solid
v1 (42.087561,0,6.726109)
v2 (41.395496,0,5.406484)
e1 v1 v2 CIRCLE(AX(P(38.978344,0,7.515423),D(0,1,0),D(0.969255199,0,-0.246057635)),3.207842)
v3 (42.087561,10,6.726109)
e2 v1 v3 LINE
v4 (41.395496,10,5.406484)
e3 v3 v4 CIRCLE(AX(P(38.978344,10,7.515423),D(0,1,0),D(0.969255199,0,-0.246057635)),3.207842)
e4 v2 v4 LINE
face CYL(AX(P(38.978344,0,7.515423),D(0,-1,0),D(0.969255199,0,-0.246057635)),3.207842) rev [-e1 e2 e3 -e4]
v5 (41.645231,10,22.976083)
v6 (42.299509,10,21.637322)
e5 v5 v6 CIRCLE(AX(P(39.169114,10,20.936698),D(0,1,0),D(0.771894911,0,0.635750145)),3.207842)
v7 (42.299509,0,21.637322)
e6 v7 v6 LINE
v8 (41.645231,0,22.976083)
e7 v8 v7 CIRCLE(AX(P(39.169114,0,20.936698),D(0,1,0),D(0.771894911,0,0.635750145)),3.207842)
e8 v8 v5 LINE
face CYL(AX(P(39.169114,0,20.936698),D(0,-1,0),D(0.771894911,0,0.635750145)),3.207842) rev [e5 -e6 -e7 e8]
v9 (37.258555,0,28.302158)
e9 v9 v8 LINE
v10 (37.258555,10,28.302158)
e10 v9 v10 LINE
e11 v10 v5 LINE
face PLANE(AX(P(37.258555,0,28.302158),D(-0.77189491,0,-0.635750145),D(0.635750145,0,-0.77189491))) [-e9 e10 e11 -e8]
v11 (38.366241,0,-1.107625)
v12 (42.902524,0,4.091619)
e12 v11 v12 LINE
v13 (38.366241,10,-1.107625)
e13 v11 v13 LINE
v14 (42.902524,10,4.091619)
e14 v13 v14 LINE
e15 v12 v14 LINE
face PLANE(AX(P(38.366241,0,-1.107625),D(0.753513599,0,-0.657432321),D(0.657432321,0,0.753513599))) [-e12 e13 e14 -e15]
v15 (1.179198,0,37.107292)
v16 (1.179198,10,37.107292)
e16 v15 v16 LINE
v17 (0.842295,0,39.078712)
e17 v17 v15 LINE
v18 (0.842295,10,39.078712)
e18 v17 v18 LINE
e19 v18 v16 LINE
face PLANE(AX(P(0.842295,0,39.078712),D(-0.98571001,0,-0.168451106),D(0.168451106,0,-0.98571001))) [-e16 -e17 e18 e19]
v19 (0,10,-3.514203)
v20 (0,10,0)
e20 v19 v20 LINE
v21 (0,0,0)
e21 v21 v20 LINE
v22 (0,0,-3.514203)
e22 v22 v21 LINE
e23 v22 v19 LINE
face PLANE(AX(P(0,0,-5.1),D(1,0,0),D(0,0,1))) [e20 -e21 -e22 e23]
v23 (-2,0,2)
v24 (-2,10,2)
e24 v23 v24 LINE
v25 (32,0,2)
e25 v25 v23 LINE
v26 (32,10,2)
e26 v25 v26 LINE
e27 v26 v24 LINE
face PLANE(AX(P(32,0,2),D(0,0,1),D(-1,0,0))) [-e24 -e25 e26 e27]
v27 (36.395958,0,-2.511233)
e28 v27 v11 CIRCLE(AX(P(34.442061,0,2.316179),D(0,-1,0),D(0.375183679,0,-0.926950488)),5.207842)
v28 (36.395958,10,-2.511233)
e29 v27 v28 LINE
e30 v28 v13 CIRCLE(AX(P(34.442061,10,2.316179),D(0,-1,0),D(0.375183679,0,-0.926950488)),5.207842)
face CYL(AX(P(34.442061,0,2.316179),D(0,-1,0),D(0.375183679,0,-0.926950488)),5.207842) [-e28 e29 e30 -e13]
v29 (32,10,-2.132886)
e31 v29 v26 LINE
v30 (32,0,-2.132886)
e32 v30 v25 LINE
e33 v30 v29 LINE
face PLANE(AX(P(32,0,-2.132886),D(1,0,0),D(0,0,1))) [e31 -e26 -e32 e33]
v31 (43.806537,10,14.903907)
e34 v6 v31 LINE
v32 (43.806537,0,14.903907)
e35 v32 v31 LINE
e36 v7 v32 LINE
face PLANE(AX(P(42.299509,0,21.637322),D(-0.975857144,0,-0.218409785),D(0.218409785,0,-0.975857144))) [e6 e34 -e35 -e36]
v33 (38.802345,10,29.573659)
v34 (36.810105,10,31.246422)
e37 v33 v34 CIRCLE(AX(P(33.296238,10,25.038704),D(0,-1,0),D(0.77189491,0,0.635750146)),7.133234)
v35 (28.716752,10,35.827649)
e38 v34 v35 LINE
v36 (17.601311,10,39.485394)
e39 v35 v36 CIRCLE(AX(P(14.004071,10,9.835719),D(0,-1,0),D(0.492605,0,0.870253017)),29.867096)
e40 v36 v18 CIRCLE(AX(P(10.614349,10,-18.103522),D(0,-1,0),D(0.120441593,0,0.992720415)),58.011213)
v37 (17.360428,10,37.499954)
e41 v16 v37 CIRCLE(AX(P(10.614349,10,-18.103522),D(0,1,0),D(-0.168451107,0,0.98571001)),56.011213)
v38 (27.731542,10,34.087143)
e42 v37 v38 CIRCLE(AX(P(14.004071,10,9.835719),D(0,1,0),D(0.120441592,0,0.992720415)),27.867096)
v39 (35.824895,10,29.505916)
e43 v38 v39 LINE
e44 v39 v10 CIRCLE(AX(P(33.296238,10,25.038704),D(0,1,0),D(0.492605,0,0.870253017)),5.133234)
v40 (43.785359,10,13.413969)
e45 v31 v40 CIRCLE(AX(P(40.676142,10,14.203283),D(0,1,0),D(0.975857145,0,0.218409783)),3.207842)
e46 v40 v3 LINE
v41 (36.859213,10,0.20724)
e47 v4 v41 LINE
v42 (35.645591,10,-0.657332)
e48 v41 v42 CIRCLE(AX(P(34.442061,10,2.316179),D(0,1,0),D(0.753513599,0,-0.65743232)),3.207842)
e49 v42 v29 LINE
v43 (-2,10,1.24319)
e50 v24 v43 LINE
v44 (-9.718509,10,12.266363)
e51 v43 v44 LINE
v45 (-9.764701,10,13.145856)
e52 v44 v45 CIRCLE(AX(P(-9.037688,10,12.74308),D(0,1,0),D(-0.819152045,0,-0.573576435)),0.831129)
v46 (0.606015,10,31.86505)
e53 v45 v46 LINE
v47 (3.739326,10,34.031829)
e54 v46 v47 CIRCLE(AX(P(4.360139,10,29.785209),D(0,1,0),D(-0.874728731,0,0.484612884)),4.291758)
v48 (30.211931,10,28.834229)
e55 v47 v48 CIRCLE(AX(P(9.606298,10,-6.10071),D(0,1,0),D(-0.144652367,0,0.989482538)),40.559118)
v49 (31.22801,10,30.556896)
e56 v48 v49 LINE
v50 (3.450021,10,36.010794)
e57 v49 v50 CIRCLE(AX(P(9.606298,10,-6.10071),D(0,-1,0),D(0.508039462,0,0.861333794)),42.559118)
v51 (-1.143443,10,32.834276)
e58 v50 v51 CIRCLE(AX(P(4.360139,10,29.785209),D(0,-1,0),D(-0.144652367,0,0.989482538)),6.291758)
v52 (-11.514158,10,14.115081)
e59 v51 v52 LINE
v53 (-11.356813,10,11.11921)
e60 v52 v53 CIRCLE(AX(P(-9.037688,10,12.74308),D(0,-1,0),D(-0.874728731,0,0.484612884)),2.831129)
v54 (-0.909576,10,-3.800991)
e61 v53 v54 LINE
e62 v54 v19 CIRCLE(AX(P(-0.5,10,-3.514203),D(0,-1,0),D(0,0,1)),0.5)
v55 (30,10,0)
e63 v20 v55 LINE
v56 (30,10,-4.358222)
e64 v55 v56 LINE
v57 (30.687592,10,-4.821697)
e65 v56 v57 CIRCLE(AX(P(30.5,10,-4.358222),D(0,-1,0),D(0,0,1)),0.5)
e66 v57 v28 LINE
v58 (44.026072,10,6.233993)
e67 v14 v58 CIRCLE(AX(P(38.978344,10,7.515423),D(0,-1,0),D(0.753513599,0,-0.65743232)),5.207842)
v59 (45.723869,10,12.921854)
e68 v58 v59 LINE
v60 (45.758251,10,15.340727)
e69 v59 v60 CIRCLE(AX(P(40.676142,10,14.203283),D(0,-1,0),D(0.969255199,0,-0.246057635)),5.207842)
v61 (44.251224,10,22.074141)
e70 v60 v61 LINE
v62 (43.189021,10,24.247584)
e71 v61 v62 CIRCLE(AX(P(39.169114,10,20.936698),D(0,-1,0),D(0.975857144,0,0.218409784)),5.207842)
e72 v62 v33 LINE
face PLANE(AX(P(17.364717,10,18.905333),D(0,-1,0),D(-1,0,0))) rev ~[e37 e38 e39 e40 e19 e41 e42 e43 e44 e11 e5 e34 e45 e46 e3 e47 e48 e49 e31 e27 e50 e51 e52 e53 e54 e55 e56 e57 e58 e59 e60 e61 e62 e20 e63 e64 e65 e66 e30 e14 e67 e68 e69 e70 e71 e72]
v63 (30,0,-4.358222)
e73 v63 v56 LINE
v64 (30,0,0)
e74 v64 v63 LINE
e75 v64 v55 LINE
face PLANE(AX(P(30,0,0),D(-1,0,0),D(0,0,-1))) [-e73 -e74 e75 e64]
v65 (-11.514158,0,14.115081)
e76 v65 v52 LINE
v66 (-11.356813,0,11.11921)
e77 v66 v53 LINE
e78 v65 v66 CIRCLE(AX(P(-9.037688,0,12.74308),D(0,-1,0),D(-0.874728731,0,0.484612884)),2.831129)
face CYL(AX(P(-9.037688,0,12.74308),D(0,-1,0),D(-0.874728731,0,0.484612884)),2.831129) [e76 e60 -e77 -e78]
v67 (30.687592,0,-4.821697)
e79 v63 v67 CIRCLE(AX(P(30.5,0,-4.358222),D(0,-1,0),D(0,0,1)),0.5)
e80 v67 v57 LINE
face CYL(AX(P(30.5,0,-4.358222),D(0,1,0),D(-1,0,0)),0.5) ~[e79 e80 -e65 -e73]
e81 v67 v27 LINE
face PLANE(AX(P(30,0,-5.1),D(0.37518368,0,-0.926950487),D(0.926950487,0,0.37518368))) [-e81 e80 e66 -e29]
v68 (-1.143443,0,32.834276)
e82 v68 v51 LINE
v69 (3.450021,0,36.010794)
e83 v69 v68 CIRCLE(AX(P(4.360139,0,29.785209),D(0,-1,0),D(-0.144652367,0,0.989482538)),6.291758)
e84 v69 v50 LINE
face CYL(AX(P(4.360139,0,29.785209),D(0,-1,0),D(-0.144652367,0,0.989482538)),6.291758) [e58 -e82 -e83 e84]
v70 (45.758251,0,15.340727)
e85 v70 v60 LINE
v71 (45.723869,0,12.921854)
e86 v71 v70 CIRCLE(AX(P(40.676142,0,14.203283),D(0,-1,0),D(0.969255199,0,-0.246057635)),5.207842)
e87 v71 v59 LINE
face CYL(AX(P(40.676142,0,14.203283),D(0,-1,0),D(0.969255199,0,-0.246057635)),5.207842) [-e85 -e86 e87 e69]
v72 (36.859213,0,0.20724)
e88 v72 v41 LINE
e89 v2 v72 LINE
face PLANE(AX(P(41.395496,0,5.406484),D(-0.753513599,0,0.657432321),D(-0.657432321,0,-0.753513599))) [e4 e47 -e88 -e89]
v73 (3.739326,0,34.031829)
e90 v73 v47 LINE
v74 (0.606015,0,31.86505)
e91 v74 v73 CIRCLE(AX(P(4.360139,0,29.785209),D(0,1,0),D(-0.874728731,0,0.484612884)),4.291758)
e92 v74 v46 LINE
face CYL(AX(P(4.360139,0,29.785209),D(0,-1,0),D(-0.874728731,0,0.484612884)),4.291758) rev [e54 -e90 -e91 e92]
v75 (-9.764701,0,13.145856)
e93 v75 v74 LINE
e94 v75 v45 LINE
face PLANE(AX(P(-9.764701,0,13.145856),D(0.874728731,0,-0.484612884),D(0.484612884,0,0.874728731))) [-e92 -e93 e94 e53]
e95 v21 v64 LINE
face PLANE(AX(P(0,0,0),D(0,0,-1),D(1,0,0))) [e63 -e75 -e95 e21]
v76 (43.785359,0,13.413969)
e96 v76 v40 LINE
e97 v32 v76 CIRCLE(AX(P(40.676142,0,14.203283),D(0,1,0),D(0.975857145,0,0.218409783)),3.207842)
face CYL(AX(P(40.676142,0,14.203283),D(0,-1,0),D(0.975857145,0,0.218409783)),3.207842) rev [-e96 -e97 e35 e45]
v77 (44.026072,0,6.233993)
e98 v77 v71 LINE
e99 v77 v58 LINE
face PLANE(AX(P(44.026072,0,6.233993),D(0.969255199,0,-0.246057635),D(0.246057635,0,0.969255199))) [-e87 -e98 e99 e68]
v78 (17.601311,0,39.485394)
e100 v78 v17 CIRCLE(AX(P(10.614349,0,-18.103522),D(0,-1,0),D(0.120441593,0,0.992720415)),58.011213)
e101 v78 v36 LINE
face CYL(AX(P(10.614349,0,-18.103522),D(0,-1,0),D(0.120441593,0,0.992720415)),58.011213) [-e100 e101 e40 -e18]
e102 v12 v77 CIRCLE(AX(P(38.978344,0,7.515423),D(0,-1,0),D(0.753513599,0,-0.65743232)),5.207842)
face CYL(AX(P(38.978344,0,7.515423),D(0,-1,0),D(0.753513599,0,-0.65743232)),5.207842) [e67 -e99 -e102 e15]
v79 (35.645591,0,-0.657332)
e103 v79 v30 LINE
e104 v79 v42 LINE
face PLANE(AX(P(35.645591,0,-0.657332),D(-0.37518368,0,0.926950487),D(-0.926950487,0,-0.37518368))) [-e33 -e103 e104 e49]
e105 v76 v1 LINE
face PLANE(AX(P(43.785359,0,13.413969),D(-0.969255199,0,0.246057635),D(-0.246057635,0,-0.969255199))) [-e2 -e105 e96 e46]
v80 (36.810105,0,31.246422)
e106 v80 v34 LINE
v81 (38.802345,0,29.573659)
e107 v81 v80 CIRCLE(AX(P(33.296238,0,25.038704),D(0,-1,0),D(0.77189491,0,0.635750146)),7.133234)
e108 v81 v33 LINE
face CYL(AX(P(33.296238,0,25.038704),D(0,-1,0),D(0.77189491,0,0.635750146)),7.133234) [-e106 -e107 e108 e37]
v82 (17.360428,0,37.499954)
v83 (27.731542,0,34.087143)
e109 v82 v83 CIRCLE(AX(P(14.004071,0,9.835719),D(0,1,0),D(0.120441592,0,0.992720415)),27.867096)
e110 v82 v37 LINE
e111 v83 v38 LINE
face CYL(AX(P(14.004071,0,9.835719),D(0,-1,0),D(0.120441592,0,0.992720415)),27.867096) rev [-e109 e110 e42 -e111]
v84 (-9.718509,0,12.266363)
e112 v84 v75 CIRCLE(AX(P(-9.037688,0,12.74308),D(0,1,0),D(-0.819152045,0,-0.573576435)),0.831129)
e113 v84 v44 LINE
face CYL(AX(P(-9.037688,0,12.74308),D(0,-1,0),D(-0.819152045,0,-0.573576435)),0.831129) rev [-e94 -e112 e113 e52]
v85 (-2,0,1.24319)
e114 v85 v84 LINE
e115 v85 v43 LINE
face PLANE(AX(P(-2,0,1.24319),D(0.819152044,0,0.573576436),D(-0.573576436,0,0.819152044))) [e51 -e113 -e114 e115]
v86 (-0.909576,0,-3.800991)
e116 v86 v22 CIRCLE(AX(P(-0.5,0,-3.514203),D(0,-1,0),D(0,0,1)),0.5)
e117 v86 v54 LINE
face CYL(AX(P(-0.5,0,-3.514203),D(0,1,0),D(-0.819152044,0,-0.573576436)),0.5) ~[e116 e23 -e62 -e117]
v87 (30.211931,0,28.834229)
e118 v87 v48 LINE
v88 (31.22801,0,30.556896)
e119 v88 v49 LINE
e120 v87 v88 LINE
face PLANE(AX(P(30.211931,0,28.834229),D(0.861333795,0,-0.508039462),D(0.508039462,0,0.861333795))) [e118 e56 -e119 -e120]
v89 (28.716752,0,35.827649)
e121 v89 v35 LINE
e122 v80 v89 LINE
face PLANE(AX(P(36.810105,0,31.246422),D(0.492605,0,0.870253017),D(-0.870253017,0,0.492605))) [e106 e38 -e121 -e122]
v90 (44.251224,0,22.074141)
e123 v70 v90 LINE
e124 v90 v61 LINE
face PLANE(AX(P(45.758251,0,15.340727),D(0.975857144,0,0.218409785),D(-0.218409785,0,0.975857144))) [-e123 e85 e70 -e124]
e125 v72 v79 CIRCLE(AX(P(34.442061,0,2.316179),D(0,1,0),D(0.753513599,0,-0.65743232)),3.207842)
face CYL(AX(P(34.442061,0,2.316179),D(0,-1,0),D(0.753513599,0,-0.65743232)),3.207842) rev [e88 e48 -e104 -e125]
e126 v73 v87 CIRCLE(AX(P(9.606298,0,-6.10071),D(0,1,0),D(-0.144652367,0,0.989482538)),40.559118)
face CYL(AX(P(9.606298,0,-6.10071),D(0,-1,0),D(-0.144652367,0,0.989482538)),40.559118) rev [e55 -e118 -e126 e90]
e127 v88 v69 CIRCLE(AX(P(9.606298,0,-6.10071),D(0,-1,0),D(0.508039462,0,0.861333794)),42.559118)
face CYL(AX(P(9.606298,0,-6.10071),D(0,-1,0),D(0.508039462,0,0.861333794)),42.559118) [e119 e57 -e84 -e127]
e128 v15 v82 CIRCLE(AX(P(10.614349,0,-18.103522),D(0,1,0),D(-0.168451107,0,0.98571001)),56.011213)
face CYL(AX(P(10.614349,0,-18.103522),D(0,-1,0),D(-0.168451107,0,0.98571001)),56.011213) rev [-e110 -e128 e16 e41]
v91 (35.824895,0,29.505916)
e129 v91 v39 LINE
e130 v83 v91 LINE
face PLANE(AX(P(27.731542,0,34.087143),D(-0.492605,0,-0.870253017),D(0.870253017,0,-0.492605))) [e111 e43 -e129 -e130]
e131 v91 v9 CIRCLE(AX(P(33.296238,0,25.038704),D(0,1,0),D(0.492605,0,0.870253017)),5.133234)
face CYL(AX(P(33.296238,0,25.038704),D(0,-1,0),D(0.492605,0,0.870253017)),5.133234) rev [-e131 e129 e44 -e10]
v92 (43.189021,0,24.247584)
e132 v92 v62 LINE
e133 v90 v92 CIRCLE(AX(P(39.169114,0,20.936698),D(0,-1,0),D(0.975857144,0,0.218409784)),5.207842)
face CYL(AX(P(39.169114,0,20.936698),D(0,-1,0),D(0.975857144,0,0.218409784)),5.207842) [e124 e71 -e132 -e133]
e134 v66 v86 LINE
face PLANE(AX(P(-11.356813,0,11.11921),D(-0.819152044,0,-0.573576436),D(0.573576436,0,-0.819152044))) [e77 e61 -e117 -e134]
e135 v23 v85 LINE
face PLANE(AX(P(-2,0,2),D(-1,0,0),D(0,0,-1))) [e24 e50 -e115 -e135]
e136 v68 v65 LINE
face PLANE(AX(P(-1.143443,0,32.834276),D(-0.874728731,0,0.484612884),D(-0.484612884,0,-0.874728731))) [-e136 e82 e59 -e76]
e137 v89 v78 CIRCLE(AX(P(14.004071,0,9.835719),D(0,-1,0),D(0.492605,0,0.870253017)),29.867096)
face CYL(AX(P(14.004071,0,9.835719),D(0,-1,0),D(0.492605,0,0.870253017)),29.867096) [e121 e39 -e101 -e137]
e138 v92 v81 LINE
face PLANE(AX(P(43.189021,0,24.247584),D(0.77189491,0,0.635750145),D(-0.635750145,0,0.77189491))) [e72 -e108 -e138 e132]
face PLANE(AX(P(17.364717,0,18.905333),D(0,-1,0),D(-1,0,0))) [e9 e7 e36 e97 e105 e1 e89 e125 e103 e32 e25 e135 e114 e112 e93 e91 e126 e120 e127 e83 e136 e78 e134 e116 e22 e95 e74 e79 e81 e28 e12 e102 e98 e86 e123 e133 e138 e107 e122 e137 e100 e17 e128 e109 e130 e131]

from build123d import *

# Parameters (mm, degrees)
EXTRUDE_THIN1_DEPTH = 10
FILLET1_R           = 0.5


with BuildPart() as part:
    # Sketch1 → Extrude-Thin1 (new body)
    with BuildSketch(Plane(origin=(0, 0, 0), x_dir=(1, 0, 0), z_dir=(0, 1, 0))):
        with BuildLine():
            ThreePointArc((31.228009552, -30.556896247), (17.805759331, -35.661082732), (3.450021006, -36.010793734))
            ThreePointArc((3.450021006, -36.010793734), (0.781528732, -34.960126351), (-1.143442514, -32.834276246))
            Line((-1.143442514, -32.834276246), (-11.514158233, -14.115081405))
            ThreePointArc((-11.514158233, -14.115081405), (-11.864920764, -12.594591782), (-11.35681344, -11.119210477))
            Line((-11.35681344, -11.119210477), (0, 5.1))
            Line((0, 5.1), (0, 0))
            Line((0, 0), (30, 0))
            Line((30, 0), (30, 5.1))
            Line((30, 5.1), (36.395958363, 2.511232605))
            ThreePointArc((36.395958363, 2.511232605), (37.463728778, 1.925417586), (38.366240646, 1.107624688))
            Line((38.366240646, 1.107624688), (42.902523658, -4.091619145))
            ThreePointArc((42.902523658, -4.091619145), (43.590417547, -5.096663868), (44.026071732, -6.233993339))
            Line((44.026071732, -6.233993339), (45.723869414, -12.921854211))
            ThreePointArc((45.723869414, -12.921854211), (45.883457457, -14.129266548), (45.7582513, -15.340726954))
            Line((45.7582513, -15.340726954), (44.251223786, -22.074141249))
            ThreePointArc((44.251223786, -22.074141249), (43.848071102, -23.223393532), (43.189020782, -24.247583736))
            Line((43.189020782, -24.247583736), (38.802344779, -29.573658617))
            ThreePointArc((38.802344779, -29.573658617), (37.883123065, -30.501625481), (36.810104599, -31.246422387))
            Line((36.810104599, -31.246422387), (28.716751538, -35.827648886))
            ThreePointArc((28.716751538, -35.827648886), (23.339920043, -38.206219709), (17.601311476, -39.485394366))
            ThreePointArc((17.601311476, -39.485394366), (9.20703571, -39.890619172), (0.842295428, -39.078712278))
            Line((0.842295428, -39.078712278), (1.179197641, -37.107292257))
            ThreePointArc((1.179197641, -37.107292257), (9.255554358, -37.891207773), (17.360428291, -37.499953535))
            ThreePointArc((17.360428291, -37.499953535), (22.714760553, -36.306436666), (27.731541539, -34.087142851))
            Line((27.731541539, -34.087142851), (35.824894599, -29.505916352))
            ThreePointArc((35.824894599, -29.505916352), (36.597062561, -28.969943927), (37.258554958, -28.302158326))
            Line((37.258554958, -28.302158326), (41.645230962, -22.976083445))
            ThreePointArc((41.645230962, -22.976083445), (42.051182062, -22.345219415), (42.299509498, -21.63732168))
            Line((42.299509498, -21.63732168), (43.806537012, -14.903907385))
            ThreePointArc((43.806537012, -14.903907385), (43.883659464, -14.157691701), (43.785359016, -13.413969481))
            Line((43.785359016, -13.413969481), (42.087561335, -6.72610861))
            ThreePointArc((42.087561335, -6.72610861), (41.819214153, -6.025554893), (41.39549646, -5.406483786))
            Line((41.39549646, -5.406483786), (36.859213448, -0.207239953))
            ThreePointArc((36.859213448, -0.207239953), (36.303298861, 0.29649082), (35.645591002, 0.657331631))
            Line((35.645591002, 0.657331631), (32, 2.13288644))
            Line((32, 2.13288644), (32, -2))
            Line((32, -2), (-2, -2))
            Line((-2, -2), (-2, -1.243189605))
            Line((-2, -1.243189605), (-9.718509351, -12.26636335))
            ThreePointArc((-9.718509351, -12.26636335), (-9.867673478, -12.69948831), (-9.764700771, -13.145855637))
            Line((-9.764700771, -13.145855637), (0.606014947, -31.865050477))
            ThreePointArc((0.606014947, -31.865050477), (1.919083649, -33.31514343), (3.73932574, -34.031828659))
            ThreePointArc((3.73932574, -34.031828659), (17.420438321, -33.698551784), (30.211930629, -28.834228658))
            Line((30.211930629, -28.834228658), (31.228009552, -30.556896247))
        make_face()
    extrude(amount=EXTRUDE_THIN1_DEPTH)

    # Fillet1
    fillet1_edges = [part.edges().sort_by_distance(p)[0] for p in [
        (0, 5, -5.1),
        (30, 5, -5.1),
    ]]
    fillet(fillet1_edges, radius=FILLET1_R)


solid = part.part
